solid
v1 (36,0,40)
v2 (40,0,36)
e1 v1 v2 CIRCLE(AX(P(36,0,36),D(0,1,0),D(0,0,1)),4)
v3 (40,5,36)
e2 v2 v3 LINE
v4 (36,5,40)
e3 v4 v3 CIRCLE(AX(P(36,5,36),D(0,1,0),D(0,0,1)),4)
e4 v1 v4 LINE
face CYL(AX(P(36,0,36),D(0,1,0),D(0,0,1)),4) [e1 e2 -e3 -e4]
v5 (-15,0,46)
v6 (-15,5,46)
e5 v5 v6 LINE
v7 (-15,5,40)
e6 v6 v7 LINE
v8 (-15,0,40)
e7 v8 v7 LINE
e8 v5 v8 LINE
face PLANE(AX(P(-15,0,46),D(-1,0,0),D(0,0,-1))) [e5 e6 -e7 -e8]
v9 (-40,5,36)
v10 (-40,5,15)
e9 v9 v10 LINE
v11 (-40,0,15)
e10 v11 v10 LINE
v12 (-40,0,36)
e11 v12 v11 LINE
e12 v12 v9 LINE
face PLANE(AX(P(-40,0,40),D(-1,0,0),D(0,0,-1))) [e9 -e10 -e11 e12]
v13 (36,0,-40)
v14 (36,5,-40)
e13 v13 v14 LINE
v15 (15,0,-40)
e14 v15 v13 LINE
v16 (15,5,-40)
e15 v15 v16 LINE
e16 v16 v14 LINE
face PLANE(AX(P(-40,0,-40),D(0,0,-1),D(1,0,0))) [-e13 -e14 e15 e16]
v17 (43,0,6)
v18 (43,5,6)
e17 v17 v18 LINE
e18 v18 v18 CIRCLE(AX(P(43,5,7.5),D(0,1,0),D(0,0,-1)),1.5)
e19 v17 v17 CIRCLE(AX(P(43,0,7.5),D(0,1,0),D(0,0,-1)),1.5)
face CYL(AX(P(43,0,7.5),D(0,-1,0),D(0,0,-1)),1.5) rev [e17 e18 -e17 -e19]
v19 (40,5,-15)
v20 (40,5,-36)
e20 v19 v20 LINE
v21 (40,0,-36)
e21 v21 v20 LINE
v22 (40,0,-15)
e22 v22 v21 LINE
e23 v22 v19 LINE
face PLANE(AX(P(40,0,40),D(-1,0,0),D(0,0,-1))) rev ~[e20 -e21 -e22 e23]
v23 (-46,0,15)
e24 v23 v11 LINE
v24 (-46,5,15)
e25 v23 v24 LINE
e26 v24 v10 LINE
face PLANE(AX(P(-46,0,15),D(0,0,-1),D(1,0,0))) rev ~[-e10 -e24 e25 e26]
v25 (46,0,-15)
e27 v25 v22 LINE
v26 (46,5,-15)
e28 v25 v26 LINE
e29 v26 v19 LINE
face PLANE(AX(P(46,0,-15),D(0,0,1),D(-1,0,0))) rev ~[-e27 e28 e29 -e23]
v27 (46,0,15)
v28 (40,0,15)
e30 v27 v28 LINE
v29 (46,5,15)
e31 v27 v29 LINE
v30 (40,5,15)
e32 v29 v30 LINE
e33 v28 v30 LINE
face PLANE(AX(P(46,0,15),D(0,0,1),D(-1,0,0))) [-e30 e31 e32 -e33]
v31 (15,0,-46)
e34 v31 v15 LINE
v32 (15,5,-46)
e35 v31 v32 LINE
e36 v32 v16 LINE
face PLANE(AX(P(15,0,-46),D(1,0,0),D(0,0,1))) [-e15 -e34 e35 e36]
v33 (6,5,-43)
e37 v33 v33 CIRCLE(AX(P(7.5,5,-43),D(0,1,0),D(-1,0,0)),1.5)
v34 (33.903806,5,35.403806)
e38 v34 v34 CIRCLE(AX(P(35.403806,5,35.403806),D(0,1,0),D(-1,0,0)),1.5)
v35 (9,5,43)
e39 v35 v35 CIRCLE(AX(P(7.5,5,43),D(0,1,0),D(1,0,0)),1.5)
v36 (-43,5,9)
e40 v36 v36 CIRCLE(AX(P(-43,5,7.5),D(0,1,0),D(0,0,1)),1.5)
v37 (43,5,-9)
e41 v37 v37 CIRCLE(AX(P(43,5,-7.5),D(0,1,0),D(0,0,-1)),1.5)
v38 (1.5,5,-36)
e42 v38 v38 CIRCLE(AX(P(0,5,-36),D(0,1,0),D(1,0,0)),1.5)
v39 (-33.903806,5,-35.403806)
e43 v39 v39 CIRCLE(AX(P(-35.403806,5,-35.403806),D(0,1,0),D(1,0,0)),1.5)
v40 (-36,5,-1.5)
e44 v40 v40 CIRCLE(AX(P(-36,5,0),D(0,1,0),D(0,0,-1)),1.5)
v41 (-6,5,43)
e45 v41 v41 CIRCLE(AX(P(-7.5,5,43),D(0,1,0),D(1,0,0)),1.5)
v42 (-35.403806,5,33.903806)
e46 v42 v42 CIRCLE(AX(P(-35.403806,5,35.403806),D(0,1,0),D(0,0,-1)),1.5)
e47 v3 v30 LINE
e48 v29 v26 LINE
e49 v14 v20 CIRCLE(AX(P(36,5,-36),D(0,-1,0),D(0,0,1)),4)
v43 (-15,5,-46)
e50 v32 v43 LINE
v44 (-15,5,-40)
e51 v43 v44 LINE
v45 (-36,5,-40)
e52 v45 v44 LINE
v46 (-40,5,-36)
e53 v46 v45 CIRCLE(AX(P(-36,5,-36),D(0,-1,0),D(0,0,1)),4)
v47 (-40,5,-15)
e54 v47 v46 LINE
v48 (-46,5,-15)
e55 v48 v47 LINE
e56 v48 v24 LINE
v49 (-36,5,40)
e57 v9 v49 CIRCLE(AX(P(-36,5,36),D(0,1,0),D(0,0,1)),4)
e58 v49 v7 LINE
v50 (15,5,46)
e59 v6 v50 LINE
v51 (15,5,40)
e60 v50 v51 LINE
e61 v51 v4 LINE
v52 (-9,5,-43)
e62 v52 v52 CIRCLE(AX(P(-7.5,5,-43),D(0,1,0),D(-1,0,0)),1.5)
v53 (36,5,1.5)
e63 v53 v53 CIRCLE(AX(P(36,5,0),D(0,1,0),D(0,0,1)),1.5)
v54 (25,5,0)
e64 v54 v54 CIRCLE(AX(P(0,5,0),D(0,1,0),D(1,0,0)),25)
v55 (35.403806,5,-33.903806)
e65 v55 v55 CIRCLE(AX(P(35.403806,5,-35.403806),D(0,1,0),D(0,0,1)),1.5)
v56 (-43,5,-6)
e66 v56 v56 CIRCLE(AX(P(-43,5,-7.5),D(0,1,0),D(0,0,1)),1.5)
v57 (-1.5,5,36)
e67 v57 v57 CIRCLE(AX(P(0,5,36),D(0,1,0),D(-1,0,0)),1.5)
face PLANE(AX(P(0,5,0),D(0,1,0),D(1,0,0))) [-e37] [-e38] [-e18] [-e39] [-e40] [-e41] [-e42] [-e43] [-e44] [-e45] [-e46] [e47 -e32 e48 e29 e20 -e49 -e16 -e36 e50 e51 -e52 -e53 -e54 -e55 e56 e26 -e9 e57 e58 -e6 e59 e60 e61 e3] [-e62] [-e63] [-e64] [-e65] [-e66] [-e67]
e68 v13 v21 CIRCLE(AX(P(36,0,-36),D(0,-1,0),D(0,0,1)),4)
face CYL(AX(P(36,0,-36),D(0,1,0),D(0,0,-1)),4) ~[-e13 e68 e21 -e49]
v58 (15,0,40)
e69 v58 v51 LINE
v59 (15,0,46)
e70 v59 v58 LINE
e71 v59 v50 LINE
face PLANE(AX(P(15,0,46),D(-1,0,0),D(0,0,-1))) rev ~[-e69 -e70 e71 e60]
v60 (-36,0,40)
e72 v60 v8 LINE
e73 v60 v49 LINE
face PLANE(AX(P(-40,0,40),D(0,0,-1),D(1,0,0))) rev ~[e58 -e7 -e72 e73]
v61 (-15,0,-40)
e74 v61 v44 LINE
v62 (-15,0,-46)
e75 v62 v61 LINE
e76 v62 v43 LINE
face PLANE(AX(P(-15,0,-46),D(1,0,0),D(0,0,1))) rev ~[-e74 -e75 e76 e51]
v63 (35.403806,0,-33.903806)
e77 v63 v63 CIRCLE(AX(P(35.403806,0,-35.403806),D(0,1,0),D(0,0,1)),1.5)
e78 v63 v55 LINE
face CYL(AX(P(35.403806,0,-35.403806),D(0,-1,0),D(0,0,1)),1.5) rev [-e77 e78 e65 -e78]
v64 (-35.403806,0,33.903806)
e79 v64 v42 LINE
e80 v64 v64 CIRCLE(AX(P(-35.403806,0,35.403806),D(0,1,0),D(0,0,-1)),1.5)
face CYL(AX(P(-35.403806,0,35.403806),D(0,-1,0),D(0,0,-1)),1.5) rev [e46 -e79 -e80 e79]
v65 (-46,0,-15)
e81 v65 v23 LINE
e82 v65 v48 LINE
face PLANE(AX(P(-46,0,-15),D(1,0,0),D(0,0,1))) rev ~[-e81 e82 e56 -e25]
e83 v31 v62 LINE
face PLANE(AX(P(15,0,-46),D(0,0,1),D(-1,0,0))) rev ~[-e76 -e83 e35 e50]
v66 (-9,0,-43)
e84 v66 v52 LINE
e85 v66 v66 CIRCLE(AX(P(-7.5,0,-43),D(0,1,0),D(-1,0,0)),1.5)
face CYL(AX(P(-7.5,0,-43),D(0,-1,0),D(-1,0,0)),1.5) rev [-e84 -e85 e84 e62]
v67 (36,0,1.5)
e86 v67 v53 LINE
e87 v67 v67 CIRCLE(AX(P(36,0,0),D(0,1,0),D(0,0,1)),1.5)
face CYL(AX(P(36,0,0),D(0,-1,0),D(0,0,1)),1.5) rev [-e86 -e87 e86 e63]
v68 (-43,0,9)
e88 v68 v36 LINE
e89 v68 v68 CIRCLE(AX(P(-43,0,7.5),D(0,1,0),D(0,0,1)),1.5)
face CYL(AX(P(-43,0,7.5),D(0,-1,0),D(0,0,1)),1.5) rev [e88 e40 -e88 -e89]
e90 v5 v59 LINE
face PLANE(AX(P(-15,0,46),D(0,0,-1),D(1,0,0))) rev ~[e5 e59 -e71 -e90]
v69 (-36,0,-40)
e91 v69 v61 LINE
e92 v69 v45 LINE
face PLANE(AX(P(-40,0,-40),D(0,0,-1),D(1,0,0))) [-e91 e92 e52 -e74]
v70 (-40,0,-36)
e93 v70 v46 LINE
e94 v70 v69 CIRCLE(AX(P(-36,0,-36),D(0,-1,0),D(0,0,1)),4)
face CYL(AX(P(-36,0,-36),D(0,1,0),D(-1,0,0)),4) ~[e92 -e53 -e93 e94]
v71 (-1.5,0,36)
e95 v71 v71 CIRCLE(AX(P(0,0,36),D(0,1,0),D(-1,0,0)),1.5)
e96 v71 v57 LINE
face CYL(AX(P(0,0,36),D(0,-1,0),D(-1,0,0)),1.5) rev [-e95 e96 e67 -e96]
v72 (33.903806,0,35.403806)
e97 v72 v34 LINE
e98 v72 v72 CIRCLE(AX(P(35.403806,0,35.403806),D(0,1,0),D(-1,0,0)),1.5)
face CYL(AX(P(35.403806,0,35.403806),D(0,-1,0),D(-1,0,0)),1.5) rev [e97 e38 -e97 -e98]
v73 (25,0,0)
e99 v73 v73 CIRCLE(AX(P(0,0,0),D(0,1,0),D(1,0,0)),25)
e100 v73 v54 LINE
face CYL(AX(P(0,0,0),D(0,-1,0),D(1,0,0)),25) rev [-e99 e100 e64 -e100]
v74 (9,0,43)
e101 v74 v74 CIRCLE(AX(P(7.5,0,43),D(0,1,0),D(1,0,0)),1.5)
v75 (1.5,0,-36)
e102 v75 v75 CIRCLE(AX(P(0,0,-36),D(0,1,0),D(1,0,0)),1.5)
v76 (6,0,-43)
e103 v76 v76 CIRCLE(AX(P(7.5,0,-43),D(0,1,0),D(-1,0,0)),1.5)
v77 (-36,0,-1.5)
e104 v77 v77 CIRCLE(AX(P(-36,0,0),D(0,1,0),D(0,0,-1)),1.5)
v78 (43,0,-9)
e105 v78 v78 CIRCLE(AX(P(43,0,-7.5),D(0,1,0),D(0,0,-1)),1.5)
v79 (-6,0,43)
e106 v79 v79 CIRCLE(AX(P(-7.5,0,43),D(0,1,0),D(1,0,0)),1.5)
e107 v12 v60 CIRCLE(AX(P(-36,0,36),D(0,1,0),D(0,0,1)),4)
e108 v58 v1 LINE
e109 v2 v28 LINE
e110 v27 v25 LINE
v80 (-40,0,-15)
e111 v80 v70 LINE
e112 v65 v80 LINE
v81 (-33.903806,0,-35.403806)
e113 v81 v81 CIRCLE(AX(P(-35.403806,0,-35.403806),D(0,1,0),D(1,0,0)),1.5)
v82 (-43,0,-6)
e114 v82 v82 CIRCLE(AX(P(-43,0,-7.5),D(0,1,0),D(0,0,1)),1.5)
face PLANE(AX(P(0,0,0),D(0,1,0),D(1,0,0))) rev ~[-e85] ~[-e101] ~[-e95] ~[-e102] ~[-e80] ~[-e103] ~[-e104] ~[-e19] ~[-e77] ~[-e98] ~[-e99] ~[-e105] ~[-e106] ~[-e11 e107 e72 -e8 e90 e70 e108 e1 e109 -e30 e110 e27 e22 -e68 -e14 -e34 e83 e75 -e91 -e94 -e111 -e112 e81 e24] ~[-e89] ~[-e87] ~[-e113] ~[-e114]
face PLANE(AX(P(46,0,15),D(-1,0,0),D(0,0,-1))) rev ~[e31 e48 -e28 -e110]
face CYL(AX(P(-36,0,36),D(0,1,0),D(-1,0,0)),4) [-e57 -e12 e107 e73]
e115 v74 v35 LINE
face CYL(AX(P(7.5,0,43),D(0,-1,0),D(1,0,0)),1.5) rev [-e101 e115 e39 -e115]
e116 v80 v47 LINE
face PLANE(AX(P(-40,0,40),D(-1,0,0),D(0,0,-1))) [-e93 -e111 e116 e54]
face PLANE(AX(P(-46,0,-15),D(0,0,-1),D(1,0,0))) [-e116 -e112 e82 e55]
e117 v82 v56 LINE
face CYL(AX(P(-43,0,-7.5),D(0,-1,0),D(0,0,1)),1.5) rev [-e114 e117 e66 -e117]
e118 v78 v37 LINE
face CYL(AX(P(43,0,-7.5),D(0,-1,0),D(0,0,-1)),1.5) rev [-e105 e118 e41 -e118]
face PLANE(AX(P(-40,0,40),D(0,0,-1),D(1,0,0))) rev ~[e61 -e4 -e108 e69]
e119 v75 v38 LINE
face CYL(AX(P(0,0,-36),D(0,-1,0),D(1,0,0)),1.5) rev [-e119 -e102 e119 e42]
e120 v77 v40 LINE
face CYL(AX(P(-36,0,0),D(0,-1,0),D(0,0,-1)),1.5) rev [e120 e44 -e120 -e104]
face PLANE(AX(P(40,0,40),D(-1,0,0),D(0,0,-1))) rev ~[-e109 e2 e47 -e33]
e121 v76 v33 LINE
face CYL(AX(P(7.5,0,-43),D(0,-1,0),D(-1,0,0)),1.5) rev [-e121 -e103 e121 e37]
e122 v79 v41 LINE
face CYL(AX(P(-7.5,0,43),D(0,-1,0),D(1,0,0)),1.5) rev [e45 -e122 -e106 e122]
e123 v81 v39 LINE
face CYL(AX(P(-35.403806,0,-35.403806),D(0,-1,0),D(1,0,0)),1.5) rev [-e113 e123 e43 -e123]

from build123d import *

# Parameters (mm, degrees)
SKETCH_1_W               = 80
SKETCH_1_H               = 80
SKETCH_1_R               = 25
EXTRUDE_1_DEPTH          = 5
SKETCH_3_R               = 1.5
CUT_EXTRUDE_2_DEPTH      = 5
PATTERN_CIRCULAR_1_COUNT = 4
FILLET_1_R               = 4
SKETCH_7_W               = 30
SKETCH_7_H               = 6
SKETCH_7_R               = 1.5
EXTRUDE_2_DEPTH          = 5
PATTERN_CIRCULAR_2_COUNT = 4


with BuildPart() as part:
    # 草图1 → 凸台-拉伸1 (new body)
    with BuildSketch(Plane(origin=(0, 0, 0), x_dir=(1, 0, 0), z_dir=(0, 1, 0))):
        Rectangle(SKETCH_1_W, SKETCH_1_H)
        Circle(SKETCH_1_R, mode=Mode.SUBTRACT)
    extrude(amount=EXTRUDE_1_DEPTH)

    # 草图3 → 切除-拉伸2 (cut)
    with BuildSketch(Plane(origin=(0, 0, 0), x_dir=(1, 0, 0), z_dir=(0, 1, 0))):
        with Locations((0, 36)):
            Circle(SKETCH_3_R)
        with Locations((-35.403805922, 35.403805922)):
            Circle(SKETCH_3_R)
    cut_extrude_2 = extrude(amount=CUT_EXTRUDE_2_DEPTH, mode=Mode.SUBTRACT)

    # 阵列(圆周)1: 切除-拉伸2 ×4 about axis
    pattern_circular_1_axis = Axis((0, 55, 0), (0, -1, 0))
    for i in range(1, PATTERN_CIRCULAR_1_COUNT):
        add(cut_extrude_2.rotate(pattern_circular_1_axis, i * 360 / PATTERN_CIRCULAR_1_COUNT), mode=Mode.SUBTRACT)

    # 圆角1
    fillet_1_edges = [part.edges().sort_by_distance(p)[0] for p in [
        (40, 2.5, 40),
        (40, 2.5, -40),
        (-40, 2.5, 40),
        (-40, 2.5, -40),
    ]]
    fillet(fillet_1_edges, radius=FILLET_1_R)

    # 草图7 → 凸台-拉伸2 (add)
    with BuildSketch(Plane(origin=(0, 0, 0), x_dir=(1, 0, 0), z_dir=(0, 1, 0))):
        with Locations((0, -43)):
            Rectangle(SKETCH_7_W, SKETCH_7_H)
        with Locations((-7.5, -43)):
            Circle(SKETCH_7_R, mode=Mode.SUBTRACT)
        with Locations((7.5, -43)):
            Circle(SKETCH_7_R, mode=Mode.SUBTRACT)
    extrude_2 = extrude(amount=EXTRUDE_2_DEPTH)

    # 阵列(圆周)2: 凸台-拉伸2 ×4 about axis
    pattern_circular_2_axis = Axis((0, 55, 0), (0, -1, 0))
    for i in range(1, PATTERN_CIRCULAR_2_COUNT):
        add(extrude_2.rotate(pattern_circular_2_axis, i * 360 / PATTERN_CIRCULAR_2_COUNT))


solid = part.part
